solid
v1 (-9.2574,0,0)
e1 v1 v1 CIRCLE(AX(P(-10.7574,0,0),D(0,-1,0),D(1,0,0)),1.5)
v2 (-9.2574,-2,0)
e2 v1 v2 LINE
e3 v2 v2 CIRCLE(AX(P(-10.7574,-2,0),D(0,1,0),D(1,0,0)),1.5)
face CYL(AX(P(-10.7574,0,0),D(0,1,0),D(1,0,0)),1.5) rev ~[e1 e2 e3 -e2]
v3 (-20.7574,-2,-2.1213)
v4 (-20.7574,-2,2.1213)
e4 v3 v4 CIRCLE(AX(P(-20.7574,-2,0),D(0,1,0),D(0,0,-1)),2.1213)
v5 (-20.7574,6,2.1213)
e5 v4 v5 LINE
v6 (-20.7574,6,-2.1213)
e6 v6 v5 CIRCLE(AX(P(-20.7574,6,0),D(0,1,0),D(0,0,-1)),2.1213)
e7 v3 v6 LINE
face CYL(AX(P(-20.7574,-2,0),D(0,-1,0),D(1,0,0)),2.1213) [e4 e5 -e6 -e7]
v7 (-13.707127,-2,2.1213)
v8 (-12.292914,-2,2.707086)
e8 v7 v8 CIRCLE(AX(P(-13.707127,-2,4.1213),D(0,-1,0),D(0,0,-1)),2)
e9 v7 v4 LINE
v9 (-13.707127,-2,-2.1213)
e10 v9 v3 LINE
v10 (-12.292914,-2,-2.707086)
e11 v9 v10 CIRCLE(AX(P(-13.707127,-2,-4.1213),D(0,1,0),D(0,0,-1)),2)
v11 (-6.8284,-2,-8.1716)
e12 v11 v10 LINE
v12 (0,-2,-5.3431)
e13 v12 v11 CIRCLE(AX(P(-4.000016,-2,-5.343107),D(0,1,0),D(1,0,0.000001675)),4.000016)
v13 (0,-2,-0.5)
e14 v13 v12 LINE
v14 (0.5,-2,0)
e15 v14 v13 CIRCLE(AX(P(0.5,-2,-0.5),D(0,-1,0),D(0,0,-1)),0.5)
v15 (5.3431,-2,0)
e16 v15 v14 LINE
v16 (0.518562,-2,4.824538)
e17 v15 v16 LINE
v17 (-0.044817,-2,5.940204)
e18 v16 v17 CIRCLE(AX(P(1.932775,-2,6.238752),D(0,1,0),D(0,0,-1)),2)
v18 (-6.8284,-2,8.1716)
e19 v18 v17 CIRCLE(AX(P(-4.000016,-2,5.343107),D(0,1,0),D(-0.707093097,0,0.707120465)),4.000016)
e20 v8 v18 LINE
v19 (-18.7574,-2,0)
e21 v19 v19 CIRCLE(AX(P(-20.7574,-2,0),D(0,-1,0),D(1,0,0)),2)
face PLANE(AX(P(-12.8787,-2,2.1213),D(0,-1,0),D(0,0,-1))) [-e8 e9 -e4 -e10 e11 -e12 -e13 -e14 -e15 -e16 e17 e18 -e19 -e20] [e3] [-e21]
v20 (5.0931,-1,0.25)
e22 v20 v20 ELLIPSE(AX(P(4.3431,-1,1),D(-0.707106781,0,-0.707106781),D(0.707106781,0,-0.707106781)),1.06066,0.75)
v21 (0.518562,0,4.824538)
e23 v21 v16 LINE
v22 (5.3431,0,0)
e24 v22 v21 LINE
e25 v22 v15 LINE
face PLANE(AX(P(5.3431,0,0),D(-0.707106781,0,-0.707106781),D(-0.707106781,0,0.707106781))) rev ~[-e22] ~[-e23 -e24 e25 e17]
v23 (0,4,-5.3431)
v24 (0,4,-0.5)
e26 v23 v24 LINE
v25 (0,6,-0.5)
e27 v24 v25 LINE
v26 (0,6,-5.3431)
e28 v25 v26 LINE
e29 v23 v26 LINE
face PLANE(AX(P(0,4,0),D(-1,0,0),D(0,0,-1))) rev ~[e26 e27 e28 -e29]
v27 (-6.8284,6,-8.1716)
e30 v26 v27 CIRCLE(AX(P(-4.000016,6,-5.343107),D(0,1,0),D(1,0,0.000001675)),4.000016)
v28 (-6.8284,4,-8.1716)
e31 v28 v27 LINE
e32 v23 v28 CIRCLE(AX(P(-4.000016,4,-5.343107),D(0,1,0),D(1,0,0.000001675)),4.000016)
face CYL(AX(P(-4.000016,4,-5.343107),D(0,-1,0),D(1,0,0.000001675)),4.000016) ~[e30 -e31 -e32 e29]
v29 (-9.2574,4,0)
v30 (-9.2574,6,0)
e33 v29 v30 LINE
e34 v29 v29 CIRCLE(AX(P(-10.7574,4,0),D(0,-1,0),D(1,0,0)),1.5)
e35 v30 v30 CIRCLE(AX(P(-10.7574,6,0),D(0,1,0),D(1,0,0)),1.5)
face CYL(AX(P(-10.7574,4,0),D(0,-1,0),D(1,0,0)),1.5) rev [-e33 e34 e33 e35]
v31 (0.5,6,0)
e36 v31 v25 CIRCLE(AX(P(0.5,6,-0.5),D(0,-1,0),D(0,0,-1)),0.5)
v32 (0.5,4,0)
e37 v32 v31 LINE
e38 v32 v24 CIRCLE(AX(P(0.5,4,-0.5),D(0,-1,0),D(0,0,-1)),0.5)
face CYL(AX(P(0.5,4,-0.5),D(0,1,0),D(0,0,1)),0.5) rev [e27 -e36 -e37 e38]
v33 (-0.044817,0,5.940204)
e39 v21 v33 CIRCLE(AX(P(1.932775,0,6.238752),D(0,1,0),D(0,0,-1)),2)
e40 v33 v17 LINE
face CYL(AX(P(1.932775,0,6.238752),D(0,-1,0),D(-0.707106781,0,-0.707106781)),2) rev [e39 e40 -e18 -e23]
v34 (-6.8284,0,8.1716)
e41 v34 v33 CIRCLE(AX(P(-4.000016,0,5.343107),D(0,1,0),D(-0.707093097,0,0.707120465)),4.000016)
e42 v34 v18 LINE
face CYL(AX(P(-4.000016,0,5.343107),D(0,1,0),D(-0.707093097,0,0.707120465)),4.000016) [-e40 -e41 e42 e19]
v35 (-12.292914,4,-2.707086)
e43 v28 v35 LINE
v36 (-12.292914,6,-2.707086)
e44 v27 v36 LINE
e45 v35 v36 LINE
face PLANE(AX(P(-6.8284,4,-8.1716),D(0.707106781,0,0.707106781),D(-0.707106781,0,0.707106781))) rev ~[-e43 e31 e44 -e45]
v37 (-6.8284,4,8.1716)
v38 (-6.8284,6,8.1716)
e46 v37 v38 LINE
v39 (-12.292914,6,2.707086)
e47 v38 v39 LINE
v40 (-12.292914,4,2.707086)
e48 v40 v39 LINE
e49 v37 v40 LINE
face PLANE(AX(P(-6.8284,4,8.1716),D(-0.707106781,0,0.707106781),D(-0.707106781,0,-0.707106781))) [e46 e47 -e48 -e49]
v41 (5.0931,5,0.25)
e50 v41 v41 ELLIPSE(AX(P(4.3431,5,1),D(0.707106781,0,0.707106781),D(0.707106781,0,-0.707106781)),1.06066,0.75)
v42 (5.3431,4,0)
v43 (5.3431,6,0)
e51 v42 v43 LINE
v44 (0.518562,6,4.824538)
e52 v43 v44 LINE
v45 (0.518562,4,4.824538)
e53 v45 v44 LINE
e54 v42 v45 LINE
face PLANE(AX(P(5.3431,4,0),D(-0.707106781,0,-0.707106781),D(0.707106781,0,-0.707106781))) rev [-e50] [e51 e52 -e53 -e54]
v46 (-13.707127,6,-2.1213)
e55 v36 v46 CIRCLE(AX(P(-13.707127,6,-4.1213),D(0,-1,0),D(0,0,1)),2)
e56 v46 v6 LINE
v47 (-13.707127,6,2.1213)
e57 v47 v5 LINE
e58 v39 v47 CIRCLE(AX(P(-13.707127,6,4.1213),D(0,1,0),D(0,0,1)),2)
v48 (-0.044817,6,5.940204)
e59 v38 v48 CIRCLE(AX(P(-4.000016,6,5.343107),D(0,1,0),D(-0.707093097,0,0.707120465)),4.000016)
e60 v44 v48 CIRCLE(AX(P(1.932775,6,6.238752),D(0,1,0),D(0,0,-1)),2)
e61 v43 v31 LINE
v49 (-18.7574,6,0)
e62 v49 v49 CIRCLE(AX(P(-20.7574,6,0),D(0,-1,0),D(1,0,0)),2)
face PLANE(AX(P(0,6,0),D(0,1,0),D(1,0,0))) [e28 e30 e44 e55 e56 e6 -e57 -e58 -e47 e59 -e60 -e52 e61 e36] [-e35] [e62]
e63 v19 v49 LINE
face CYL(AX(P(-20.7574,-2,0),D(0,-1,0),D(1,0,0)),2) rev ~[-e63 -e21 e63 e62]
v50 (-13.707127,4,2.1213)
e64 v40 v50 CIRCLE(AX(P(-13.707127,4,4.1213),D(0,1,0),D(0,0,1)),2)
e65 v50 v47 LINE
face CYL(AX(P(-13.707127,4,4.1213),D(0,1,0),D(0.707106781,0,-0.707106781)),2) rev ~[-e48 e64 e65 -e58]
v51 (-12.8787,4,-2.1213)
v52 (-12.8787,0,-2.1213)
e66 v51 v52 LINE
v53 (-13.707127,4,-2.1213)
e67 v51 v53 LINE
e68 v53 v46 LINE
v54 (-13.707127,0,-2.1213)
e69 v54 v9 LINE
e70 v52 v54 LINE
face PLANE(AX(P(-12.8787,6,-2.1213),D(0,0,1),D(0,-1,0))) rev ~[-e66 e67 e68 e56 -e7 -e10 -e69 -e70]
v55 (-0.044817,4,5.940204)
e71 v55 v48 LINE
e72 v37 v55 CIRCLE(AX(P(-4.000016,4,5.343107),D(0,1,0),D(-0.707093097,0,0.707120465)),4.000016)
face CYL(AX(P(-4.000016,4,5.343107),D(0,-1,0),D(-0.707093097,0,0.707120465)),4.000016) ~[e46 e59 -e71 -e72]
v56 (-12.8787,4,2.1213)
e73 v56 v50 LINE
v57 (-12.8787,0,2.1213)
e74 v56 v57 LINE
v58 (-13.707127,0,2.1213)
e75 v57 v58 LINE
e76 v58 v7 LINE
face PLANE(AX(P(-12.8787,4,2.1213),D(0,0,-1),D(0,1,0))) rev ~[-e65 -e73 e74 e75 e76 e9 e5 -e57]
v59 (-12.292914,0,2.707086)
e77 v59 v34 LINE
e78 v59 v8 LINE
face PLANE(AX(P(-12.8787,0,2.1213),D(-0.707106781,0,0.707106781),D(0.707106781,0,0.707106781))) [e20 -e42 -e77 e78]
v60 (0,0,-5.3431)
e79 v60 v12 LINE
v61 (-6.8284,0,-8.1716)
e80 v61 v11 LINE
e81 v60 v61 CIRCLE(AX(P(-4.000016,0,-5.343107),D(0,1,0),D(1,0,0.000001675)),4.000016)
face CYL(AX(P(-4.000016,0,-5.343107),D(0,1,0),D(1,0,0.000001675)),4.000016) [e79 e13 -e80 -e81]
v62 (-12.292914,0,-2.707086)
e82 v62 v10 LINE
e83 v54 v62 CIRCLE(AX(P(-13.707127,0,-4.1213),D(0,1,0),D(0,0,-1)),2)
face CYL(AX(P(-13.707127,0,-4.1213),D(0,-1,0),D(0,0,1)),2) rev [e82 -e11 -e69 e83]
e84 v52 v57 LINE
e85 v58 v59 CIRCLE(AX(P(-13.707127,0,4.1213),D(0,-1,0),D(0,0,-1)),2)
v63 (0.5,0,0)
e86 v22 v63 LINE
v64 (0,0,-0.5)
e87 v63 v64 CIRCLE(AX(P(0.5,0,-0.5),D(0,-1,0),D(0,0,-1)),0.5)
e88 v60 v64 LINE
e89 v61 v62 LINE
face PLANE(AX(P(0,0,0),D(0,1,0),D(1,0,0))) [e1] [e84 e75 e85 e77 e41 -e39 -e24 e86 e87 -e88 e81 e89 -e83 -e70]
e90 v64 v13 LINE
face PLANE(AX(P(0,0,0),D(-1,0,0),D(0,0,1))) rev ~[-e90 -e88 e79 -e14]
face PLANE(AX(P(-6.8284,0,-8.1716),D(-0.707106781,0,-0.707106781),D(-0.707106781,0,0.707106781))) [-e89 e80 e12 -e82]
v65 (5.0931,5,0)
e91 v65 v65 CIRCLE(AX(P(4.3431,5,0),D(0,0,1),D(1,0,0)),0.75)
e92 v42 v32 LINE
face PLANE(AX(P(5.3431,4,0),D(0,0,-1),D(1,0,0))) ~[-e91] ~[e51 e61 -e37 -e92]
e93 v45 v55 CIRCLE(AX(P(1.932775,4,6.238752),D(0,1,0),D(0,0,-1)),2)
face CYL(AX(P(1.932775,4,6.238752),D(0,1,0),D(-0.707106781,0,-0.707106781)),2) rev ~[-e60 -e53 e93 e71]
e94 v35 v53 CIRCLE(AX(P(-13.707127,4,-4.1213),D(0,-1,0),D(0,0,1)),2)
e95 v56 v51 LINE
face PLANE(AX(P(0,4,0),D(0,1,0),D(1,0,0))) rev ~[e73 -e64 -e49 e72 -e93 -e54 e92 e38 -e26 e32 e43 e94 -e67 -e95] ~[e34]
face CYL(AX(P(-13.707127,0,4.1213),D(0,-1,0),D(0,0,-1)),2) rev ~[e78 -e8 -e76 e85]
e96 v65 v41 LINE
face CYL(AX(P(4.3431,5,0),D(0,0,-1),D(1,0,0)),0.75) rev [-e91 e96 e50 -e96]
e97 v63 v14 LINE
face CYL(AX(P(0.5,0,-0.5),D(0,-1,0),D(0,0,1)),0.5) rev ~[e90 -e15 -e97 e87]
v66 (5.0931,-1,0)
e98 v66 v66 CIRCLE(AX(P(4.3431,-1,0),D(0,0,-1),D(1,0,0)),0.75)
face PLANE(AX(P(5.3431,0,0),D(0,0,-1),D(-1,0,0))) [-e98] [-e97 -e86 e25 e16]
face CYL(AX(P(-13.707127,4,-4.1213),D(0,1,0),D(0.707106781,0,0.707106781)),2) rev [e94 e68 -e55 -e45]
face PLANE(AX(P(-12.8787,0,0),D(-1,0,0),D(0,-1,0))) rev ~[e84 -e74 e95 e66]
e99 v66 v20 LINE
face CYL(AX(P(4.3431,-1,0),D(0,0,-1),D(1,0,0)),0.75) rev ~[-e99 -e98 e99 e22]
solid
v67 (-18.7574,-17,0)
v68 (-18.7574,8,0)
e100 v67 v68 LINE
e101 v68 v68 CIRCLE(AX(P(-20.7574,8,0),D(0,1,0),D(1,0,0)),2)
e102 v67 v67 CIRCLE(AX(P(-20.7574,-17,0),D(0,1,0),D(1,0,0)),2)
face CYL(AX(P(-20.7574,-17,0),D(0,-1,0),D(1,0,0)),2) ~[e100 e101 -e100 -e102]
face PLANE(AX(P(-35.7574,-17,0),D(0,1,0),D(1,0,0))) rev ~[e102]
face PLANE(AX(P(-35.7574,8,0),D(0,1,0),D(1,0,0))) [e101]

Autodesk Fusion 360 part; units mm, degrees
sketch "Sketch2" plane through (0, 0, 0) normal (0, 1, 0) x (1, 0, 0)
  line L0 (0, 0) -> (0, -5.3431)
  line L1 (0, 0) -> (-15, 0)
  line L2 (0, 0) -> (0, 5.3431)
  line L3 (-6.8284, 8.1716) -> (-12.8787, 2.1213)
  line L4 (-12.8787, -2.1213) -> (-6.8284, -8.1716)
  arc A0 (-6.8284, -8.1716) -> (0, -5.3431) centre (-4, -5.3431) ccw
  arc A1 (0, 5.3431) -> (-6.8284, 8.1716) centre (-4, 5.3431) ccw
  circle A2 centre (-10.7574, 0) radius 1.5
  line L5 (-12.8787, -2.1213) -> (-12.8787, 2.1213)
  point P0 (0, -15)
  point P1 (0, 15)
  dimension "d2" = 15
  dimension "d3" = 15
  dimension "d4" = 15
  dimension "d5" = 4
  dimension "d6" = 4
  dimension "d23" = 3
ref_plane "WorkPlane1" through (0, 0, 0) normal (0, 1, 0) x (0, 0, 1)
ref_plane "WorkPlane2" through (0, 4, 0) normal (0, 1, 0) x (0, 0, 1)
sketch "Sketch4" plane through (0, 4, 0) normal (0, 1, 0) x (1, 0, 0)
  line L0 (0, 0) -> (0, -5.3431)
  line L1 (0, 0) -> (0, 5.3431)
  line L2 (0, 0) -> (-15, 0)
  line L3 (-6.8284, -8.1716) -> (-12.8787, -2.1213)
  line L4 (-6.8284, 8.1716) -> (-12.8787, 2.1213)
  arc A0 (-6.8284, -8.1716) -> (0, -5.3431) centre (-4, -5.3431) ccw
  arc A1 (0, 5.3431) -> (-6.8284, 8.1716) centre (-4, 5.3431) ccw
  circle A2 centre (-10.7574, 0) radius 1.5
  line L5 (-12.8787, -2.1213) -> (-12.8787, 2.1213)
  point P0 (0, -15)
  point P1 (0, 15)
  dimension "d12" = 15
  dimension "d13" = 15
  dimension "d14" = 15
  dimension "d15" = 4
  dimension "d16" = 4
  dimension "d20" = 3
extrude "Extrude3" add sketch "Sketch4" along normal blind 2 contours L2 A2 | L2 A2 makes body 1
extrude "Extrude4" add sketch "Sketch2" against normal blind 2 separate body contours L0 L1 L4 A0 A2 L5 | L1 L2 L3 A1 A2 L5 makes body 2
sketch "Sketch7" plane through (0, 0, 0) normal (1, 0, 0) x (0, 1, 0)
  line L0 (0, 0) -> (0, 1)
  line L1 (0, 1) -> (-2, 1)
  dimension "d30" = 1
sketch "Sketch10" plane through (0, 0, 0) normal (0, 1, 0) x (1, 0, 0)
  line L0 (5.3431, 0) -> (0, -5.3431)
  line L1 (5.3431, 0) -> (11.5711, 0) construction
  line L2 (5.3431, 0) -> (0, 0)
  line L3 (0, 0) -> (0, -5.3431)
  point P0 (0, -5.3431)
  dimension "d34" = 135
extrude "Extrude6" add sketch "Sketch10" against normal blind 2 bodies 2
fillet "Fillet1" radius 2 1 edges at (0, -1, 5.3431) on bodies 2
sketch "Sketch11" plane through (0, 0, 0) normal (0, 0, -1) x (1, 0, 0)
  line L0 (0, 0) -> (5.3431, 0)
  line L1 (5.3431, 0) -> (5.3431, 2)
  line L2 (5.3431, 2) -> (0, 2)
  line L3 (0, 2) -> (0, 0)
  circle A0 centre (4.3431, 1) radius 0.75
  dimension "d41" = 1.5
  dimension "d42" = 1
  dimension "d43" = 1
extrude "Extrude7" cut sketch "Sketch11" against normal blind 2.5 contours A0 bodies 2
fillet "Fillet2" radius 0.5 1 edges at (0, -1, 0) on bodies 2
ref_plane "WorkPlane3" through (0, 2, 0) normal (0, 1, 0) x (0, 0, 1)
mirror "Mirror1" about plane through (0, 2, 0) normal (0, 1, 0) of bodies 2 makes body 3
extrude "Extrude9" cut sketch "Sketch4" along normal blind 2 contours L2 A2 | L2 A2 bodies 1
sketch "Sketch13" plane through (-12.8787, 0, 0) normal (-1, 0, 0) x (0, -1, 0)
  line L0 (-4, -2.1213) -> (-4, 2.1213)
  line L1 (-4, 2.1213) -> (-6, 2.1213)
  line L2 (-6, 2.1213) -> (-6, -2.1213)
  line L3 (-6, -2.1213) -> (-4, -2.1213)
  line L4 (-6, 2.1213) -> (2, 2.1213)
  line L5 (2, 2.1213) -> (2, -2.1213)
  line L6 (2, -2.1213) -> (-6, -2.1213)
  line L7 (-6, 2.1213) -> (-6, -2.1213)
  point P0 (2, 2.1213)
extrude "Extrude10" add sketch "Sketch13" along normal blind 10 bodies 1 2 3
fillet "Fillet3" radius 2 4 edges at (-12.8787, -1, -2.1213) (-12.8787, 5, -2.1213) (-12.8787, -1, 2.1213) (-12.8787, 5, 2.1213) on bodies 1
sketch "Sketch16" plane through (0, -2, 0) normal (0, -1, 0) x (1, 0, 0)
  circle A0 centre (-10.7574, 0) radius 1.5
  arc A1 (-0.0448, 5.9402) -> (-6.8284, 8.1716) centre (-4, 5.3431) ccw
  line L0 (-6.8284, 8.1716) -> (-12.2929, 2.7071)
  arc A2 (-13.7071, 2.1213) -> (-12.2929, 2.7071) centre (-13.7071, 4.1213) ccw
  line L1 (-13.7071, 2.1213) -> (-22.8787, 2.1213)
  line L2 (-22.8787, 2.1213) -> (-22.8787, -2.1213)
  line L3 (-22.8787, -2.1213) -> (-13.7071, -2.1213)
  arc A3 (-12.2929, -2.7071) -> (-13.7071, -2.1213) centre (-13.7071, -4.1213) ccw
  line L4 (-12.2929, -2.7071) -> (-6.8284, -8.1716)
  arc A4 (-6.8284, -8.1716) -> (0, -5.3431) centre (-4, -5.3431) ccw
  line L5 (0, -5.3431) -> (0, -0.5)
  arc A5 (0.5, 0) -> (0, -0.5) centre (0.5, -0.5) ccw
  line L6 (0.5, 0) -> (5.3431, 0)
  line L7 (5.3431, 0) -> (0.5186, 4.8246)
  arc A6 (-0.0448, 5.9402) -> (0.5186, 4.8246) centre (1.9328, 6.2388) ccw
  circle A7 centre (-20.7574, 0) radius 2.1213
  circle A8 centre (-20.7574, 0) radius 2
  dimension "d64" = 4
extrude "Extrude11" cut sketch "Sketch16" against normal blind 9 contours L1 L2 A7 | L2 L3 A7 bodies 1
extrude "Extrude12" cut sketch "Sketch16" against normal blind 9 contours A8 bodies 1
sketch "Sketch17" plane through (0, 0, 0) normal (0, 1, 0) x (1, 0, 0)
  circle A0 centre (15, 0) radius 2
  dimension "d67" = 4
extrude "Extrude13" add sketch "Sketch17" along normal blind 25 separate body makes body 4
copy_body "Body->Comp4" bodies 4 removing the originals makes body 5 in component "Component"
component "Component" placed x (1, 0, 0) y (0, 1, 0) z (0, 0, 1) at (-35.7574, -17, 0)
